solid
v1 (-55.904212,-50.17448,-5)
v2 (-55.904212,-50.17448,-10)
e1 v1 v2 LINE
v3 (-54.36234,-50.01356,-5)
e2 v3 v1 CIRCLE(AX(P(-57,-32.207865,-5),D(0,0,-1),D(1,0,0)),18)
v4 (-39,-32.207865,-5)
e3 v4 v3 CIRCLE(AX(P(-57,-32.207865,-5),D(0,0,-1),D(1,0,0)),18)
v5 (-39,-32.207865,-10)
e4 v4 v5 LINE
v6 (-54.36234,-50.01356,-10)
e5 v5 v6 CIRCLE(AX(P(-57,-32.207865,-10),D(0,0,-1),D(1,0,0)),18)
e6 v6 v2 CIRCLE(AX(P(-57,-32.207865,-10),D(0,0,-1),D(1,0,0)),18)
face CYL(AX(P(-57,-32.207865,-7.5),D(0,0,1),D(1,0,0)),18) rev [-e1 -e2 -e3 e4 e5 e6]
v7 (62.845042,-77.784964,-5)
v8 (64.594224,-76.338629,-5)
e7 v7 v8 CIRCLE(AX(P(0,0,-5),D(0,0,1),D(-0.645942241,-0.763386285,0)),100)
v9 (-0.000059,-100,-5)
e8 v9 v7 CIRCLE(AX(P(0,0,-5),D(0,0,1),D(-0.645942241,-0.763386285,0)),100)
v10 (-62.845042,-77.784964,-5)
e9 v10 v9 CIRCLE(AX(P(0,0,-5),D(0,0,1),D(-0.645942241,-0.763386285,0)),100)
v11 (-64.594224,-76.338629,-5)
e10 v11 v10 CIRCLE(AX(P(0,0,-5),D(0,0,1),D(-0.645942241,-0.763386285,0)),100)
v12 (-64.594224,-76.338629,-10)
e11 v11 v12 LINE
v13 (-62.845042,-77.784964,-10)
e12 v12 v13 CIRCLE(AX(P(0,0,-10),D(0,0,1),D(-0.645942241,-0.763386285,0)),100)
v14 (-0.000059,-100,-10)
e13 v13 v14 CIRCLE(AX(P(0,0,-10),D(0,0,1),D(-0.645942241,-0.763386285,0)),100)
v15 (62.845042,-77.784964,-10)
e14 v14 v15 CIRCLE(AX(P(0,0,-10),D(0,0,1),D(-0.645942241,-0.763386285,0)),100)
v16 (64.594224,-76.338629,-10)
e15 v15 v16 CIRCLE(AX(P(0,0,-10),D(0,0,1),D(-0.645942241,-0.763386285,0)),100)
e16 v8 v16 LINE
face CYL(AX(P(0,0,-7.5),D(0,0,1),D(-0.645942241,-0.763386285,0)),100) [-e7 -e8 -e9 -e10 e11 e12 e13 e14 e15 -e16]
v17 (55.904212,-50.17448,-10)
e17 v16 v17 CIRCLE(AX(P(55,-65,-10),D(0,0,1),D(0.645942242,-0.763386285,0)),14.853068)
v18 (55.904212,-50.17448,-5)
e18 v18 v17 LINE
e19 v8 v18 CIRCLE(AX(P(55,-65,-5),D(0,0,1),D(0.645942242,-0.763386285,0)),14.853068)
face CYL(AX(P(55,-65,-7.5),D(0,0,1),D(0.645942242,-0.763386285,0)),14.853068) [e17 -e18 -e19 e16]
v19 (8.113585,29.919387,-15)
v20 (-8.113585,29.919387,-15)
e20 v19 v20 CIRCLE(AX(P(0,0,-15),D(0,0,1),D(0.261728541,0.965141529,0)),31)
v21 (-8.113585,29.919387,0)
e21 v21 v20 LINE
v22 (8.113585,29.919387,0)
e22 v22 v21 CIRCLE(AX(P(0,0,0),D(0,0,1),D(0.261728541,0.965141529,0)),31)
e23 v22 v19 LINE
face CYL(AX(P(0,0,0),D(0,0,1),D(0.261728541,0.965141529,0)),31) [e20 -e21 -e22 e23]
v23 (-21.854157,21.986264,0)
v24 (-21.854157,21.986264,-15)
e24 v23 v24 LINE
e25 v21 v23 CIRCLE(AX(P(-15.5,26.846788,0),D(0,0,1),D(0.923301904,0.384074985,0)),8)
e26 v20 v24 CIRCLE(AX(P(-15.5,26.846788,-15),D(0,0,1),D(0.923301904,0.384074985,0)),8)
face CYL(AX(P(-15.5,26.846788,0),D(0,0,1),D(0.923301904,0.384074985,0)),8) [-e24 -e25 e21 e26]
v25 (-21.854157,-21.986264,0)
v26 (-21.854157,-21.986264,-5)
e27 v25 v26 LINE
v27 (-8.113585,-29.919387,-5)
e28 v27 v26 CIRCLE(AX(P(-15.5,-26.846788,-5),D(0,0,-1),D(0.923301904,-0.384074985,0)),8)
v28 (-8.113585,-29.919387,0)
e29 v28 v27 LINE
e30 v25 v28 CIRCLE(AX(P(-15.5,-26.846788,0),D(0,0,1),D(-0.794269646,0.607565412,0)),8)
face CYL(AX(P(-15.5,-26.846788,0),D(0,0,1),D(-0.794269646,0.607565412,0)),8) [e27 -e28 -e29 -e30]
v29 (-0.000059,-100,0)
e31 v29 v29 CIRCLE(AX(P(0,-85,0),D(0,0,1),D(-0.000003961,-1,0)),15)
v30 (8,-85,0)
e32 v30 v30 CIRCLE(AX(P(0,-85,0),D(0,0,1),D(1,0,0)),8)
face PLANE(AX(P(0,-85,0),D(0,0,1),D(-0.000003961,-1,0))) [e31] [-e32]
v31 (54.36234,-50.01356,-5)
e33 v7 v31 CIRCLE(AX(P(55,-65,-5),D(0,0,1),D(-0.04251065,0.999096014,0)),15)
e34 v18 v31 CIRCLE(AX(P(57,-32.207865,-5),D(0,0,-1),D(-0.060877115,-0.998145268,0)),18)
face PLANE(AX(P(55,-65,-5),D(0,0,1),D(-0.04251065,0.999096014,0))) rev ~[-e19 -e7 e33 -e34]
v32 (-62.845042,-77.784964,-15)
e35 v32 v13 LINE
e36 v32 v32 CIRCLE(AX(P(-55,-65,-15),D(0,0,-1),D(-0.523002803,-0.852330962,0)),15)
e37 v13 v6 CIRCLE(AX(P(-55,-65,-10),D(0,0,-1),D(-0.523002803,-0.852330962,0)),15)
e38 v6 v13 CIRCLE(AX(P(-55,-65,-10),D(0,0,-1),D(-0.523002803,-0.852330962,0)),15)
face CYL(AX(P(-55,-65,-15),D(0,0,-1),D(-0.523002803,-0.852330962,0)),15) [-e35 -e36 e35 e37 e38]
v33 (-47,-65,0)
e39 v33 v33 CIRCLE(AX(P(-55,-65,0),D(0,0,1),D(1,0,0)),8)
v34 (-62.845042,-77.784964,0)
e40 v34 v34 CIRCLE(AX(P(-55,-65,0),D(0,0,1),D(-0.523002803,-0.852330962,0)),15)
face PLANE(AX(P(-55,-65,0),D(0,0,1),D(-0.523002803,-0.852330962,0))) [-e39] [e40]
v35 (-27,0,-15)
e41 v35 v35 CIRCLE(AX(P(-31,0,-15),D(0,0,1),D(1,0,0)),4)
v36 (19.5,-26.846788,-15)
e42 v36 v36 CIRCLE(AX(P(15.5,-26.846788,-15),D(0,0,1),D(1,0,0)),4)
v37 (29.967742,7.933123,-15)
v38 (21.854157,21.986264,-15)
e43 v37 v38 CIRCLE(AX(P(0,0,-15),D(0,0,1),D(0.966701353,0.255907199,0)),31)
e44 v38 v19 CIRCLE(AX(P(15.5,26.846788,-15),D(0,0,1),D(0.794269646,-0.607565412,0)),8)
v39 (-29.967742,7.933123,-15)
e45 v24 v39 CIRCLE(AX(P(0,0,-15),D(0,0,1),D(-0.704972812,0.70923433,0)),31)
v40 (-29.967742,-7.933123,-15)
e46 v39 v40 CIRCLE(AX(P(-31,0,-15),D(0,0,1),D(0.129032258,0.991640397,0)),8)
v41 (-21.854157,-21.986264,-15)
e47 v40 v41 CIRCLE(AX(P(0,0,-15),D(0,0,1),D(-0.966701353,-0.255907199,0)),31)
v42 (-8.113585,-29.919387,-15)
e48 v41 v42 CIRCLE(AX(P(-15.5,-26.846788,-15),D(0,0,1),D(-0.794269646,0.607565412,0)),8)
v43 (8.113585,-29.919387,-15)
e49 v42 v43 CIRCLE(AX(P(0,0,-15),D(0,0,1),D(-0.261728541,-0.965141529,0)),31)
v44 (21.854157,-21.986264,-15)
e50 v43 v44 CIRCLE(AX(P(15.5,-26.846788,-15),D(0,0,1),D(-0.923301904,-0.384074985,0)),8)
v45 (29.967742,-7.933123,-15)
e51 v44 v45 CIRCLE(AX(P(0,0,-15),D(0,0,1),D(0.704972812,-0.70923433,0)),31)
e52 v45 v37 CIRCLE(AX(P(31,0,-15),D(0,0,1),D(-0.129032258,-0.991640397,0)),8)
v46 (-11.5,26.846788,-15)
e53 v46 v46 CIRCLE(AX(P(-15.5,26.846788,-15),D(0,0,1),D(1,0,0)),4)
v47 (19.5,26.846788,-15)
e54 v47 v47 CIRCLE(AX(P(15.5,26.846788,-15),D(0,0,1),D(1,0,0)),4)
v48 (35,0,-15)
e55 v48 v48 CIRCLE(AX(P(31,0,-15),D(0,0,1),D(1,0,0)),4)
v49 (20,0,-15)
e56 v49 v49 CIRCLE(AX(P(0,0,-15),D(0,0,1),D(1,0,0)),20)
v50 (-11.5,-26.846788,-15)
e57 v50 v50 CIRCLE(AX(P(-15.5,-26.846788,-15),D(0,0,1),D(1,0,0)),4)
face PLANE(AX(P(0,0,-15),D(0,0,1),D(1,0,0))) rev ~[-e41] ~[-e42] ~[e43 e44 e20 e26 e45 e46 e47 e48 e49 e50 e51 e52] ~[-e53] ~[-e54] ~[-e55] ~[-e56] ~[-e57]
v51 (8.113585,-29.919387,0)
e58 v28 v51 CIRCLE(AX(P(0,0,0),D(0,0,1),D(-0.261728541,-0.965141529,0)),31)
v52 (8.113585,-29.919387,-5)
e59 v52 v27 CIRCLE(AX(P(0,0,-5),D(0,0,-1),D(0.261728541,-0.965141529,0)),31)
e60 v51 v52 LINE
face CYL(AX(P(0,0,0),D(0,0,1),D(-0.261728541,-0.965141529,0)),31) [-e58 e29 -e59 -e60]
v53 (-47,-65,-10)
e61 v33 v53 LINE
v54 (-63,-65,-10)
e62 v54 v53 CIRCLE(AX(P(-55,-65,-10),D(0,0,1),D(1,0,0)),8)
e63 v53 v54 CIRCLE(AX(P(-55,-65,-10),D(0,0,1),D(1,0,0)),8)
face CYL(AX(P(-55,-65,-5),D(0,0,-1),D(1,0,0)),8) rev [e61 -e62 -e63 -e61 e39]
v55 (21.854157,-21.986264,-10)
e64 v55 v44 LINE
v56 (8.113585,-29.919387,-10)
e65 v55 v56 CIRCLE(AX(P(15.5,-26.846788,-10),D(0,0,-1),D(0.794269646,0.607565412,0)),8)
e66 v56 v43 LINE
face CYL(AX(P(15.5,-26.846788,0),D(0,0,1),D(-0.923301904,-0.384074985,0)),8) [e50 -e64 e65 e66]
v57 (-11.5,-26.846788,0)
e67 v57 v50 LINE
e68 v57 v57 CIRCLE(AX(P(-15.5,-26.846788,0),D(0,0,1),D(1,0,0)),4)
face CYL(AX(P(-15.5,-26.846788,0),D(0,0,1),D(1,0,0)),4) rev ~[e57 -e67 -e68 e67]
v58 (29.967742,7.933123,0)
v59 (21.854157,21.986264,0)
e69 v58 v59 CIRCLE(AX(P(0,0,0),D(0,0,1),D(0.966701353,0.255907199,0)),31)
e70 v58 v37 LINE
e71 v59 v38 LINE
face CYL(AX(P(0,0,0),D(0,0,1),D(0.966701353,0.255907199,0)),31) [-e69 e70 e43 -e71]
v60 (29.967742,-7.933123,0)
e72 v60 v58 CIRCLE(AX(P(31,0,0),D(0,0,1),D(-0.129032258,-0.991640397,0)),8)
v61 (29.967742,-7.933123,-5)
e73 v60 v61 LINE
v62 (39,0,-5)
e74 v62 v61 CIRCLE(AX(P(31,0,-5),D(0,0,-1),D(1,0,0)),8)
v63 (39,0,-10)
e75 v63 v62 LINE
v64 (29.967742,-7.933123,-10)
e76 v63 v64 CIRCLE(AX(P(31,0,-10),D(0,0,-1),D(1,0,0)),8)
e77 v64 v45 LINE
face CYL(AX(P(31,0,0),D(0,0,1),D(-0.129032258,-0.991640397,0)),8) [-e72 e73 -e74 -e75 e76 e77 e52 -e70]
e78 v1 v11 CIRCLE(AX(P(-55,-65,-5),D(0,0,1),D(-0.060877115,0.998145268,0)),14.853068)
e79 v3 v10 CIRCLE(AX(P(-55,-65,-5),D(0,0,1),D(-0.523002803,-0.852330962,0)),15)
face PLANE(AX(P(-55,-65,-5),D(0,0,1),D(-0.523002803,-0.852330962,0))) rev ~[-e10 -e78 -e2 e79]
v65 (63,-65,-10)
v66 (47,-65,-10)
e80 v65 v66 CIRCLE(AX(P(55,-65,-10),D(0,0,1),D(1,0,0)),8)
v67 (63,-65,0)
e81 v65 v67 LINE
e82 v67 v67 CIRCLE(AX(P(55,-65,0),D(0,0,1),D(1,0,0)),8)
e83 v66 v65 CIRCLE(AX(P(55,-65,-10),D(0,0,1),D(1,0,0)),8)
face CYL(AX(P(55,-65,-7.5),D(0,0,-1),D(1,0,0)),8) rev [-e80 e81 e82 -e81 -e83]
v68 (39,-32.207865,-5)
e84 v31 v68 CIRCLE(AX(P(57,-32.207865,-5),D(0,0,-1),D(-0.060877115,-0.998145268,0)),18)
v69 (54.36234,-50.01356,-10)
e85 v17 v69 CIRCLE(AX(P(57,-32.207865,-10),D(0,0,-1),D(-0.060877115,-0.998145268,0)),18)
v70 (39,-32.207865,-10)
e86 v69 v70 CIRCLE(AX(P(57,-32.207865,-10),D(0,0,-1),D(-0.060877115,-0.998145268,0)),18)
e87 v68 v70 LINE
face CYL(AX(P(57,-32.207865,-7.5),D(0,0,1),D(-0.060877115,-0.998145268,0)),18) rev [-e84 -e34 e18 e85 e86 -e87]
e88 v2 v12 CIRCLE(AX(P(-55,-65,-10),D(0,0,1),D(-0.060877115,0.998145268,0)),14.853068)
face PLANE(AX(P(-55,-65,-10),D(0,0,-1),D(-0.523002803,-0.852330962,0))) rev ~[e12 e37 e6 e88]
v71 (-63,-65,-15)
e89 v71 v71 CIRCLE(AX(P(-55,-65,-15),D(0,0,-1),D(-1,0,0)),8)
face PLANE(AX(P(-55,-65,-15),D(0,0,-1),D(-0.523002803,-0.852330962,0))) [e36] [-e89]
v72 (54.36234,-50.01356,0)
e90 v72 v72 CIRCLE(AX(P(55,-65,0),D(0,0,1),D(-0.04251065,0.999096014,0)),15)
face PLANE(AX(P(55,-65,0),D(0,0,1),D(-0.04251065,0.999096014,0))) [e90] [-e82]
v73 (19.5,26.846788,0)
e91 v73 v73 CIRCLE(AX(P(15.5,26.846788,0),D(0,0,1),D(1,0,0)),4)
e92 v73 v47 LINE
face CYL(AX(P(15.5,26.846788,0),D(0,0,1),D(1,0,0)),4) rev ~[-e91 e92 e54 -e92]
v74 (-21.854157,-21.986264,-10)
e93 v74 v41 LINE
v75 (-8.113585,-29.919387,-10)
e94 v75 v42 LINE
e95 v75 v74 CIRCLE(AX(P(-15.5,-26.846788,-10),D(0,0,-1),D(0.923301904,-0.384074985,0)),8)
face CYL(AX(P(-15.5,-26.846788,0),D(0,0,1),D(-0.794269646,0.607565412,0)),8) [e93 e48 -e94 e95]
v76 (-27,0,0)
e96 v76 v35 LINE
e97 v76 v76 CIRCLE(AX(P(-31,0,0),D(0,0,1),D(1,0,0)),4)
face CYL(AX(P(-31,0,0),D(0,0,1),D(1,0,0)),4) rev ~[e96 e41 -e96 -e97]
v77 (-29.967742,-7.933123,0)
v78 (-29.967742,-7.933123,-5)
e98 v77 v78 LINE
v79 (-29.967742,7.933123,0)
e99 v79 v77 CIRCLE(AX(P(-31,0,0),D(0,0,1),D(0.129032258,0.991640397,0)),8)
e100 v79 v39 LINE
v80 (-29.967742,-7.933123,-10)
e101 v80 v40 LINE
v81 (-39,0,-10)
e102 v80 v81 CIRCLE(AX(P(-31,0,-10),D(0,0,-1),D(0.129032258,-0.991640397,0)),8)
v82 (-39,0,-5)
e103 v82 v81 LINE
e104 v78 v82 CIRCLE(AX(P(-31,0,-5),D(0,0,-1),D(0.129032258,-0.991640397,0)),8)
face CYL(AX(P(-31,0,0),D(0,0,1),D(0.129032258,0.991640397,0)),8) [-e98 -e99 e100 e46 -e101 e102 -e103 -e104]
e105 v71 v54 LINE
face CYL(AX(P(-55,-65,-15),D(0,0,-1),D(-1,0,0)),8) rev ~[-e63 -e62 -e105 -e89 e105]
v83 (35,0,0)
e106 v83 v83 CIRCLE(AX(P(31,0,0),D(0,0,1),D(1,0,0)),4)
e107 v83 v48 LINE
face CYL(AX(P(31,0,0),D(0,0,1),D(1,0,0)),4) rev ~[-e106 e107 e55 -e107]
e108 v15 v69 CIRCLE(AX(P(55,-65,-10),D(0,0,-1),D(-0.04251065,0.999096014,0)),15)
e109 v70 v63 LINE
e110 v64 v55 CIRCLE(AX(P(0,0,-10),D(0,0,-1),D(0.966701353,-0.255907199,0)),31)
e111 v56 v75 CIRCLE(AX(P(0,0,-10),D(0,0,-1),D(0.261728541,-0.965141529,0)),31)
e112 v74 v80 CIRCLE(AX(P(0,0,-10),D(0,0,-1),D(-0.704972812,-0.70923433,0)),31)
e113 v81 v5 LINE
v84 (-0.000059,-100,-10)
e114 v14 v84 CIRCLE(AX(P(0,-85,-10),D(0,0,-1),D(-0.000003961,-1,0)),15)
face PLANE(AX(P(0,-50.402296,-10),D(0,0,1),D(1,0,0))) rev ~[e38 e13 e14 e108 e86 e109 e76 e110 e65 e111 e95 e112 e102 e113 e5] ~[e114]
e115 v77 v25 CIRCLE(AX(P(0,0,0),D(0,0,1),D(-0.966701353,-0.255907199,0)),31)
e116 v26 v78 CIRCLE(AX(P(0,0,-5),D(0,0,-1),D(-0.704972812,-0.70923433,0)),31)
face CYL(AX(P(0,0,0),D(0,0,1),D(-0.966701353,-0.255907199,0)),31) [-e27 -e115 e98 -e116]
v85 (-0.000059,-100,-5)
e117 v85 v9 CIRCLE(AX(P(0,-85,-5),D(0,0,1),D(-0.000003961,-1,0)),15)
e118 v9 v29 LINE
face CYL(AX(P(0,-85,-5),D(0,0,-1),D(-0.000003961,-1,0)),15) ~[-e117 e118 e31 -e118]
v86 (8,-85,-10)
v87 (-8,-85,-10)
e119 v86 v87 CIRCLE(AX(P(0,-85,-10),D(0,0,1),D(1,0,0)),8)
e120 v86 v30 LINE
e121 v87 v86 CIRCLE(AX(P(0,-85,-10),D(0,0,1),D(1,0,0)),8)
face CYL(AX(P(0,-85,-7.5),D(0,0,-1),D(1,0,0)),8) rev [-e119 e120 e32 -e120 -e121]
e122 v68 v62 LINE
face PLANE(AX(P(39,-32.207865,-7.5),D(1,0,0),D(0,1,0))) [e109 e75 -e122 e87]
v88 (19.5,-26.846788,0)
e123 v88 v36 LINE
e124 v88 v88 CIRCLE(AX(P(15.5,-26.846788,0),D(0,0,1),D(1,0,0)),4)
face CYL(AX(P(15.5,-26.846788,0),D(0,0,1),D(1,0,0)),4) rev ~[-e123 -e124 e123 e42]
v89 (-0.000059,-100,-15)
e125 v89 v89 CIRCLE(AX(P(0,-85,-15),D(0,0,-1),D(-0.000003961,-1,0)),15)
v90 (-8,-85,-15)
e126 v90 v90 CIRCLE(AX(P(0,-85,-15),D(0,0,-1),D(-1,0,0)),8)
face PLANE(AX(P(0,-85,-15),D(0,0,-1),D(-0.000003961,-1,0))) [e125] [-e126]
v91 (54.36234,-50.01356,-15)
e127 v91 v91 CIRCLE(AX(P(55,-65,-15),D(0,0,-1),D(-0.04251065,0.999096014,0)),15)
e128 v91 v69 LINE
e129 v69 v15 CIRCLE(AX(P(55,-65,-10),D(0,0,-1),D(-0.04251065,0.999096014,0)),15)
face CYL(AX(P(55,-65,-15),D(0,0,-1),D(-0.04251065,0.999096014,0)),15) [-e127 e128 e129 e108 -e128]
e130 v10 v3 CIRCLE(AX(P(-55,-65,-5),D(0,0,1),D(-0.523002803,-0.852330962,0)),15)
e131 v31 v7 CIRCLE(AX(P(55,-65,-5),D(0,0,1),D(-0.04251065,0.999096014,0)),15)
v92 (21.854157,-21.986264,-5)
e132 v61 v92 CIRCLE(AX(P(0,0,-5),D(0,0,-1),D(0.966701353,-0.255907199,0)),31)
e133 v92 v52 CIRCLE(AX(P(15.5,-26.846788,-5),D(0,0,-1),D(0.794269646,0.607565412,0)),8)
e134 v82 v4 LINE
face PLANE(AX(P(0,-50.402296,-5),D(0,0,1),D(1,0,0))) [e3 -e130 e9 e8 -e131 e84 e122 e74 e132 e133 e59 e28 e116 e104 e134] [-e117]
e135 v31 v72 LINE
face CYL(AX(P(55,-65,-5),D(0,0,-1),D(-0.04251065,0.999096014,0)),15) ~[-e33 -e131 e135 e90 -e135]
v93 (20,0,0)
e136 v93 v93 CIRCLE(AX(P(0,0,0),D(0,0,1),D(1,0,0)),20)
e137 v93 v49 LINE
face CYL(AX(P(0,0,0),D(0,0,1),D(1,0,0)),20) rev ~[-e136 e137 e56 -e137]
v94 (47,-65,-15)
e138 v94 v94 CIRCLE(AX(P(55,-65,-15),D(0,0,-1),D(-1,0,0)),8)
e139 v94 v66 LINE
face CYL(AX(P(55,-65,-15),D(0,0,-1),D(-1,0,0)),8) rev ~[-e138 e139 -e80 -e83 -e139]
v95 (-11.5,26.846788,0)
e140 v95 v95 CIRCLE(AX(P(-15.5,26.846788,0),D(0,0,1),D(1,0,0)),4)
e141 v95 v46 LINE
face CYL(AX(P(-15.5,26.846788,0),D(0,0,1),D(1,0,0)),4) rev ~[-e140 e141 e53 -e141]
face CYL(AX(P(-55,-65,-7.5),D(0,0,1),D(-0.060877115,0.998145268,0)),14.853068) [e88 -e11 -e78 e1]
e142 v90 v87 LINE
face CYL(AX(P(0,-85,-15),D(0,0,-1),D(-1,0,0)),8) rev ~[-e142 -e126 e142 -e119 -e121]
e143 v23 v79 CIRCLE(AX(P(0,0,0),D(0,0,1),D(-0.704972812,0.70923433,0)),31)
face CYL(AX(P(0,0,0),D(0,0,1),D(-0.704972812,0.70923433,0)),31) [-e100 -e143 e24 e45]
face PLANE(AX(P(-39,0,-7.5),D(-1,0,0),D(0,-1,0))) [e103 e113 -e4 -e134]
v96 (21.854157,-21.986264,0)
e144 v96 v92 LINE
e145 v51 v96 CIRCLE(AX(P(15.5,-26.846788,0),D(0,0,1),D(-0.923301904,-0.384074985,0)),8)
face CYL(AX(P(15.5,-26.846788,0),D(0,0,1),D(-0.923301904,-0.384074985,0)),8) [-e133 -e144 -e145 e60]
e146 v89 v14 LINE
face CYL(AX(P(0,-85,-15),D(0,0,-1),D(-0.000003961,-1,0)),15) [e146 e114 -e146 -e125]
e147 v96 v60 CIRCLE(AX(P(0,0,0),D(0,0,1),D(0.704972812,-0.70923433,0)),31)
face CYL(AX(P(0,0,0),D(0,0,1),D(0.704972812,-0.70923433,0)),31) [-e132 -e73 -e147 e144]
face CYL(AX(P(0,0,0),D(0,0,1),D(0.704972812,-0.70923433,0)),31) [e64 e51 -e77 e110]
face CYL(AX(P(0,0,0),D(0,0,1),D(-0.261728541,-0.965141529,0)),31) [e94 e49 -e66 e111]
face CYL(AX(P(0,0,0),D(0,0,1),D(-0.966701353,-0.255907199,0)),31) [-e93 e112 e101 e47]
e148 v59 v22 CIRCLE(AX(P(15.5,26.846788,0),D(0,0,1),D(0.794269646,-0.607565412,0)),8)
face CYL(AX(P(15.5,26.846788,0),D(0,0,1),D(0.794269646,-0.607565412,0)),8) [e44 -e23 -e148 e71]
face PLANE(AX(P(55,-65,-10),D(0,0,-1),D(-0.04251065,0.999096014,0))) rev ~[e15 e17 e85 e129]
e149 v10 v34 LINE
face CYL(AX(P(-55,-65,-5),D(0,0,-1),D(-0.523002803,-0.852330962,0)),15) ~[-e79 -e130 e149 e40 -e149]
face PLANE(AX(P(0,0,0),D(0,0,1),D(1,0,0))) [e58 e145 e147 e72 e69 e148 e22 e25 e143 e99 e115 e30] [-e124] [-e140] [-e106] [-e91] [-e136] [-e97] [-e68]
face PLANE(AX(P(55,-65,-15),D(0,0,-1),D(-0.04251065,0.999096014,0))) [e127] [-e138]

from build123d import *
from build123d.topology import SkipClean

# Parameters (mm, degrees)
SKETCH1_R           = 20
SKETCH1_R_2         = 4
BOSS_EXTRUDE1_DEPTH = 15
SKETCH3_R           = 8
BOSS_EXTRUDE2_DEPTH = 2.5
SKETCH4_R           = 15
SKETCH4_R_2         = 8
BOSS_EXTRUDE3_DEPTH = 5
BOSS_EXTRUDE4_START = 5
SKETCH5_R           = 15
SKETCH5_R_2         = 8
BOSS_EXTRUDE4_DEPTH = 5


with BuildPart() as part:
    # Sketch1 → Boss-Extrude1 (new body)
    with BuildSketch(Plane.XY):
        with BuildLine():
            ThreePointArc((-21.854157167, 21.986264223), (-26.846787517, 15.5), (-29.967741935, 7.933123174))
            ThreePointArc((-29.967741935, 7.933123174), (-39, 0), (-29.967741935, -7.933123174))
            ThreePointArc((-29.967741935, -7.933123174), (-26.846787517, -15.5), (-21.854157167, -21.986264223))
            ThreePointArc((-21.854157167, -21.986264223), (-19.5, -33.774990748), (-8.113584768, -29.919387397))
            ThreePointArc((-8.113584768, -29.919387397), (0, -31), (8.113584768, -29.919387397))
            ThreePointArc((8.113584768, -29.919387397), (19.5, -33.774990748), (21.854157167, -21.986264223))
            ThreePointArc((21.854157167, -21.986264223), (26.846787517, -15.5), (29.967741935, -7.933123174))
            ThreePointArc((29.967741935, -7.933123174), (39, 0), (29.967741935, 7.933123174))
            ThreePointArc((29.967741935, 7.933123174), (26.846787517, 15.5), (21.854157167, 21.986264223))
            ThreePointArc((21.854157167, 21.986264223), (19.5, 33.774990748), (8.113584768, 29.919387397))
            ThreePointArc((8.113584768, 29.919387397), (0, 31), (-8.113584768, 29.919387397))
            ThreePointArc((-8.113584768, 29.919387397), (-19.5, 33.774990748), (-21.854157167, 21.986264223))
        make_face()
        Circle(SKETCH1_R, mode=Mode.SUBTRACT)
        with Locations((31, 0)):
            Circle(SKETCH1_R_2, mode=Mode.SUBTRACT)
        with Locations((15.5, -26.846787517)):
            Circle(SKETCH1_R_2, mode=Mode.SUBTRACT)
        with Locations((-15.5, -26.846787517)):
            Circle(SKETCH1_R_2, mode=Mode.SUBTRACT)
        with Locations((-31, 0)):
            Circle(SKETCH1_R_2, mode=Mode.SUBTRACT)
        with Locations((-15.5, 26.846787517)):
            Circle(SKETCH1_R_2, mode=Mode.SUBTRACT)
        with Locations((15.5, 26.846787517)):
            Circle(SKETCH1_R_2, mode=Mode.SUBTRACT)
    extrude(amount=-BOSS_EXTRUDE1_DEPTH)

    # Sketch3 → Boss-Extrude2 (add, symmetric)
    with BuildSketch(Plane.XY.offset(-7.5)):
        with BuildLine():
            Line((39, -32.207865452), (39, 0))
            ThreePointArc((39, 0), (36.279296141, -6.01074307), (29.967741935, -7.933123174))
            ThreePointArc((29.967741935, -7.933123174), (26.846787517, -15.5), (21.854157167, -21.986264223))
            ThreePointArc((21.854157167, -21.986264223), (19.5, -33.774990748), (8.113584768, -29.919387397))
            ThreePointArc((8.113584768, -29.919387397), (0, -31), (-8.113584768, -29.919387397))
            ThreePointArc((-8.113584768, -29.919387397), (-19.5, -33.774990748), (-21.854157167, -21.986264223))
            ThreePointArc((-21.854157167, -21.986264223), (-26.846787517, -15.5), (-29.967741935, -7.933123174))
            ThreePointArc((-29.967741935, -7.933123174), (-36.279296141, -6.01074307), (-39, 0))
            Line((-39, 0), (-39, -32.207865452))
            ThreePointArc((-39, -32.207865452), (-43.890381677, -44.542285074), (-55.904211935, -50.174480284))
            ThreePointArc((-55.904211935, -50.174480284), (-69.095919746, -60.318260945), (-64.594224147, -76.338628537))
            ThreePointArc((-64.594224147, -76.338628537), (0, -100), (64.594224147, -76.338628537))
            ThreePointArc((64.594224147, -76.338628537), (69.095919746, -60.318260945), (55.904211935, -50.174480284))
            ThreePointArc((55.904211935, -50.174480284), (43.890381677, -44.542285074), (39, -32.207865452))
        make_face()
        with Locations((0, -85)):
            Circle(SKETCH3_R, mode=Mode.SUBTRACT)
        with Locations((55, -65)):
            Circle(SKETCH3_R, mode=Mode.SUBTRACT)
        with Locations((-55, -65)):
            Circle(SKETCH3_R, mode=Mode.SUBTRACT)
    extrude(amount=BOSS_EXTRUDE2_DEPTH, both=True)

    # Sketch4 → Boss-Extrude3 (add)
    # profile 1 of 3: a face of its own
    with BuildSketch(Plane.XY.offset(-5)):
        with Locations(Location((-55, -65, 0), (0, 0, 238.466110015))):
            Circle(SKETCH4_R)
        with Locations((-55, -65)):
            Circle(SKETCH4_R_2, mode=Mode.SUBTRACT)
    # profile 2 of 3: a face of its own
    with BuildSketch(Plane.XY.offset(-5)):
        with Locations(Location((0, -85, 0), (0, 0, 269.999773035))):
            Circle(SKETCH4_R)
        with Locations((0, -85)):
            Circle(SKETCH4_R_2, mode=Mode.SUBTRACT)
    # profile 3 of 3: a face of its own
    with BuildSketch(Plane.XY.offset(-5)):
        with Locations(Location((55, -65, 0), (0, 0, 92.436415058))):
            Circle(SKETCH4_R)
        with Locations((55, -65)):
            Circle(SKETCH4_R_2, mode=Mode.SUBTRACT)
    extrude(amount=BOSS_EXTRUDE3_DEPTH)

    # Sketch5 → Boss-Extrude4 (add)
    # profile 1 of 3: a face of its own
    with SkipClean():  # the faces are left unmerged after this step: merging them gives an invalid solid
        with BuildSketch(Plane(origin=(0, 0, -10), x_dir=(-1, 0, 0), z_dir=(0, 0, -1)).offset(BOSS_EXTRUDE4_START)):
            with Locations(Location((-55, -65, 0), (0, 0, 87.563584942))):
                Circle(SKETCH5_R)
            with Locations((-55, -65)):
                Circle(SKETCH5_R_2, mode=Mode.SUBTRACT)
        # profile 2 of 3: a face of its own
        with BuildSketch(Plane(origin=(0, 0, -10), x_dir=(-1, 0, 0), z_dir=(0, 0, -1)).offset(BOSS_EXTRUDE4_START)):
            with Locations(Location((0, -85, 0), (0, 0, 270.000226965))):
                Circle(SKETCH5_R)
            with Locations((0, -85)):
                Circle(SKETCH5_R_2, mode=Mode.SUBTRACT)
        # profile 3 of 3: a face of its own
        with BuildSketch(Plane(origin=(0, 0, -10), x_dir=(-1, 0, 0), z_dir=(0, 0, -1)).offset(BOSS_EXTRUDE4_START)):
            with Locations(Location((55, -65, 0), (0, 0, 301.533889985))):
                Circle(SKETCH5_R)
            with Locations((55, -65)):
                Circle(SKETCH5_R_2, mode=Mode.SUBTRACT)
        extrude(amount=-BOSS_EXTRUDE4_DEPTH)


solid = part.part
